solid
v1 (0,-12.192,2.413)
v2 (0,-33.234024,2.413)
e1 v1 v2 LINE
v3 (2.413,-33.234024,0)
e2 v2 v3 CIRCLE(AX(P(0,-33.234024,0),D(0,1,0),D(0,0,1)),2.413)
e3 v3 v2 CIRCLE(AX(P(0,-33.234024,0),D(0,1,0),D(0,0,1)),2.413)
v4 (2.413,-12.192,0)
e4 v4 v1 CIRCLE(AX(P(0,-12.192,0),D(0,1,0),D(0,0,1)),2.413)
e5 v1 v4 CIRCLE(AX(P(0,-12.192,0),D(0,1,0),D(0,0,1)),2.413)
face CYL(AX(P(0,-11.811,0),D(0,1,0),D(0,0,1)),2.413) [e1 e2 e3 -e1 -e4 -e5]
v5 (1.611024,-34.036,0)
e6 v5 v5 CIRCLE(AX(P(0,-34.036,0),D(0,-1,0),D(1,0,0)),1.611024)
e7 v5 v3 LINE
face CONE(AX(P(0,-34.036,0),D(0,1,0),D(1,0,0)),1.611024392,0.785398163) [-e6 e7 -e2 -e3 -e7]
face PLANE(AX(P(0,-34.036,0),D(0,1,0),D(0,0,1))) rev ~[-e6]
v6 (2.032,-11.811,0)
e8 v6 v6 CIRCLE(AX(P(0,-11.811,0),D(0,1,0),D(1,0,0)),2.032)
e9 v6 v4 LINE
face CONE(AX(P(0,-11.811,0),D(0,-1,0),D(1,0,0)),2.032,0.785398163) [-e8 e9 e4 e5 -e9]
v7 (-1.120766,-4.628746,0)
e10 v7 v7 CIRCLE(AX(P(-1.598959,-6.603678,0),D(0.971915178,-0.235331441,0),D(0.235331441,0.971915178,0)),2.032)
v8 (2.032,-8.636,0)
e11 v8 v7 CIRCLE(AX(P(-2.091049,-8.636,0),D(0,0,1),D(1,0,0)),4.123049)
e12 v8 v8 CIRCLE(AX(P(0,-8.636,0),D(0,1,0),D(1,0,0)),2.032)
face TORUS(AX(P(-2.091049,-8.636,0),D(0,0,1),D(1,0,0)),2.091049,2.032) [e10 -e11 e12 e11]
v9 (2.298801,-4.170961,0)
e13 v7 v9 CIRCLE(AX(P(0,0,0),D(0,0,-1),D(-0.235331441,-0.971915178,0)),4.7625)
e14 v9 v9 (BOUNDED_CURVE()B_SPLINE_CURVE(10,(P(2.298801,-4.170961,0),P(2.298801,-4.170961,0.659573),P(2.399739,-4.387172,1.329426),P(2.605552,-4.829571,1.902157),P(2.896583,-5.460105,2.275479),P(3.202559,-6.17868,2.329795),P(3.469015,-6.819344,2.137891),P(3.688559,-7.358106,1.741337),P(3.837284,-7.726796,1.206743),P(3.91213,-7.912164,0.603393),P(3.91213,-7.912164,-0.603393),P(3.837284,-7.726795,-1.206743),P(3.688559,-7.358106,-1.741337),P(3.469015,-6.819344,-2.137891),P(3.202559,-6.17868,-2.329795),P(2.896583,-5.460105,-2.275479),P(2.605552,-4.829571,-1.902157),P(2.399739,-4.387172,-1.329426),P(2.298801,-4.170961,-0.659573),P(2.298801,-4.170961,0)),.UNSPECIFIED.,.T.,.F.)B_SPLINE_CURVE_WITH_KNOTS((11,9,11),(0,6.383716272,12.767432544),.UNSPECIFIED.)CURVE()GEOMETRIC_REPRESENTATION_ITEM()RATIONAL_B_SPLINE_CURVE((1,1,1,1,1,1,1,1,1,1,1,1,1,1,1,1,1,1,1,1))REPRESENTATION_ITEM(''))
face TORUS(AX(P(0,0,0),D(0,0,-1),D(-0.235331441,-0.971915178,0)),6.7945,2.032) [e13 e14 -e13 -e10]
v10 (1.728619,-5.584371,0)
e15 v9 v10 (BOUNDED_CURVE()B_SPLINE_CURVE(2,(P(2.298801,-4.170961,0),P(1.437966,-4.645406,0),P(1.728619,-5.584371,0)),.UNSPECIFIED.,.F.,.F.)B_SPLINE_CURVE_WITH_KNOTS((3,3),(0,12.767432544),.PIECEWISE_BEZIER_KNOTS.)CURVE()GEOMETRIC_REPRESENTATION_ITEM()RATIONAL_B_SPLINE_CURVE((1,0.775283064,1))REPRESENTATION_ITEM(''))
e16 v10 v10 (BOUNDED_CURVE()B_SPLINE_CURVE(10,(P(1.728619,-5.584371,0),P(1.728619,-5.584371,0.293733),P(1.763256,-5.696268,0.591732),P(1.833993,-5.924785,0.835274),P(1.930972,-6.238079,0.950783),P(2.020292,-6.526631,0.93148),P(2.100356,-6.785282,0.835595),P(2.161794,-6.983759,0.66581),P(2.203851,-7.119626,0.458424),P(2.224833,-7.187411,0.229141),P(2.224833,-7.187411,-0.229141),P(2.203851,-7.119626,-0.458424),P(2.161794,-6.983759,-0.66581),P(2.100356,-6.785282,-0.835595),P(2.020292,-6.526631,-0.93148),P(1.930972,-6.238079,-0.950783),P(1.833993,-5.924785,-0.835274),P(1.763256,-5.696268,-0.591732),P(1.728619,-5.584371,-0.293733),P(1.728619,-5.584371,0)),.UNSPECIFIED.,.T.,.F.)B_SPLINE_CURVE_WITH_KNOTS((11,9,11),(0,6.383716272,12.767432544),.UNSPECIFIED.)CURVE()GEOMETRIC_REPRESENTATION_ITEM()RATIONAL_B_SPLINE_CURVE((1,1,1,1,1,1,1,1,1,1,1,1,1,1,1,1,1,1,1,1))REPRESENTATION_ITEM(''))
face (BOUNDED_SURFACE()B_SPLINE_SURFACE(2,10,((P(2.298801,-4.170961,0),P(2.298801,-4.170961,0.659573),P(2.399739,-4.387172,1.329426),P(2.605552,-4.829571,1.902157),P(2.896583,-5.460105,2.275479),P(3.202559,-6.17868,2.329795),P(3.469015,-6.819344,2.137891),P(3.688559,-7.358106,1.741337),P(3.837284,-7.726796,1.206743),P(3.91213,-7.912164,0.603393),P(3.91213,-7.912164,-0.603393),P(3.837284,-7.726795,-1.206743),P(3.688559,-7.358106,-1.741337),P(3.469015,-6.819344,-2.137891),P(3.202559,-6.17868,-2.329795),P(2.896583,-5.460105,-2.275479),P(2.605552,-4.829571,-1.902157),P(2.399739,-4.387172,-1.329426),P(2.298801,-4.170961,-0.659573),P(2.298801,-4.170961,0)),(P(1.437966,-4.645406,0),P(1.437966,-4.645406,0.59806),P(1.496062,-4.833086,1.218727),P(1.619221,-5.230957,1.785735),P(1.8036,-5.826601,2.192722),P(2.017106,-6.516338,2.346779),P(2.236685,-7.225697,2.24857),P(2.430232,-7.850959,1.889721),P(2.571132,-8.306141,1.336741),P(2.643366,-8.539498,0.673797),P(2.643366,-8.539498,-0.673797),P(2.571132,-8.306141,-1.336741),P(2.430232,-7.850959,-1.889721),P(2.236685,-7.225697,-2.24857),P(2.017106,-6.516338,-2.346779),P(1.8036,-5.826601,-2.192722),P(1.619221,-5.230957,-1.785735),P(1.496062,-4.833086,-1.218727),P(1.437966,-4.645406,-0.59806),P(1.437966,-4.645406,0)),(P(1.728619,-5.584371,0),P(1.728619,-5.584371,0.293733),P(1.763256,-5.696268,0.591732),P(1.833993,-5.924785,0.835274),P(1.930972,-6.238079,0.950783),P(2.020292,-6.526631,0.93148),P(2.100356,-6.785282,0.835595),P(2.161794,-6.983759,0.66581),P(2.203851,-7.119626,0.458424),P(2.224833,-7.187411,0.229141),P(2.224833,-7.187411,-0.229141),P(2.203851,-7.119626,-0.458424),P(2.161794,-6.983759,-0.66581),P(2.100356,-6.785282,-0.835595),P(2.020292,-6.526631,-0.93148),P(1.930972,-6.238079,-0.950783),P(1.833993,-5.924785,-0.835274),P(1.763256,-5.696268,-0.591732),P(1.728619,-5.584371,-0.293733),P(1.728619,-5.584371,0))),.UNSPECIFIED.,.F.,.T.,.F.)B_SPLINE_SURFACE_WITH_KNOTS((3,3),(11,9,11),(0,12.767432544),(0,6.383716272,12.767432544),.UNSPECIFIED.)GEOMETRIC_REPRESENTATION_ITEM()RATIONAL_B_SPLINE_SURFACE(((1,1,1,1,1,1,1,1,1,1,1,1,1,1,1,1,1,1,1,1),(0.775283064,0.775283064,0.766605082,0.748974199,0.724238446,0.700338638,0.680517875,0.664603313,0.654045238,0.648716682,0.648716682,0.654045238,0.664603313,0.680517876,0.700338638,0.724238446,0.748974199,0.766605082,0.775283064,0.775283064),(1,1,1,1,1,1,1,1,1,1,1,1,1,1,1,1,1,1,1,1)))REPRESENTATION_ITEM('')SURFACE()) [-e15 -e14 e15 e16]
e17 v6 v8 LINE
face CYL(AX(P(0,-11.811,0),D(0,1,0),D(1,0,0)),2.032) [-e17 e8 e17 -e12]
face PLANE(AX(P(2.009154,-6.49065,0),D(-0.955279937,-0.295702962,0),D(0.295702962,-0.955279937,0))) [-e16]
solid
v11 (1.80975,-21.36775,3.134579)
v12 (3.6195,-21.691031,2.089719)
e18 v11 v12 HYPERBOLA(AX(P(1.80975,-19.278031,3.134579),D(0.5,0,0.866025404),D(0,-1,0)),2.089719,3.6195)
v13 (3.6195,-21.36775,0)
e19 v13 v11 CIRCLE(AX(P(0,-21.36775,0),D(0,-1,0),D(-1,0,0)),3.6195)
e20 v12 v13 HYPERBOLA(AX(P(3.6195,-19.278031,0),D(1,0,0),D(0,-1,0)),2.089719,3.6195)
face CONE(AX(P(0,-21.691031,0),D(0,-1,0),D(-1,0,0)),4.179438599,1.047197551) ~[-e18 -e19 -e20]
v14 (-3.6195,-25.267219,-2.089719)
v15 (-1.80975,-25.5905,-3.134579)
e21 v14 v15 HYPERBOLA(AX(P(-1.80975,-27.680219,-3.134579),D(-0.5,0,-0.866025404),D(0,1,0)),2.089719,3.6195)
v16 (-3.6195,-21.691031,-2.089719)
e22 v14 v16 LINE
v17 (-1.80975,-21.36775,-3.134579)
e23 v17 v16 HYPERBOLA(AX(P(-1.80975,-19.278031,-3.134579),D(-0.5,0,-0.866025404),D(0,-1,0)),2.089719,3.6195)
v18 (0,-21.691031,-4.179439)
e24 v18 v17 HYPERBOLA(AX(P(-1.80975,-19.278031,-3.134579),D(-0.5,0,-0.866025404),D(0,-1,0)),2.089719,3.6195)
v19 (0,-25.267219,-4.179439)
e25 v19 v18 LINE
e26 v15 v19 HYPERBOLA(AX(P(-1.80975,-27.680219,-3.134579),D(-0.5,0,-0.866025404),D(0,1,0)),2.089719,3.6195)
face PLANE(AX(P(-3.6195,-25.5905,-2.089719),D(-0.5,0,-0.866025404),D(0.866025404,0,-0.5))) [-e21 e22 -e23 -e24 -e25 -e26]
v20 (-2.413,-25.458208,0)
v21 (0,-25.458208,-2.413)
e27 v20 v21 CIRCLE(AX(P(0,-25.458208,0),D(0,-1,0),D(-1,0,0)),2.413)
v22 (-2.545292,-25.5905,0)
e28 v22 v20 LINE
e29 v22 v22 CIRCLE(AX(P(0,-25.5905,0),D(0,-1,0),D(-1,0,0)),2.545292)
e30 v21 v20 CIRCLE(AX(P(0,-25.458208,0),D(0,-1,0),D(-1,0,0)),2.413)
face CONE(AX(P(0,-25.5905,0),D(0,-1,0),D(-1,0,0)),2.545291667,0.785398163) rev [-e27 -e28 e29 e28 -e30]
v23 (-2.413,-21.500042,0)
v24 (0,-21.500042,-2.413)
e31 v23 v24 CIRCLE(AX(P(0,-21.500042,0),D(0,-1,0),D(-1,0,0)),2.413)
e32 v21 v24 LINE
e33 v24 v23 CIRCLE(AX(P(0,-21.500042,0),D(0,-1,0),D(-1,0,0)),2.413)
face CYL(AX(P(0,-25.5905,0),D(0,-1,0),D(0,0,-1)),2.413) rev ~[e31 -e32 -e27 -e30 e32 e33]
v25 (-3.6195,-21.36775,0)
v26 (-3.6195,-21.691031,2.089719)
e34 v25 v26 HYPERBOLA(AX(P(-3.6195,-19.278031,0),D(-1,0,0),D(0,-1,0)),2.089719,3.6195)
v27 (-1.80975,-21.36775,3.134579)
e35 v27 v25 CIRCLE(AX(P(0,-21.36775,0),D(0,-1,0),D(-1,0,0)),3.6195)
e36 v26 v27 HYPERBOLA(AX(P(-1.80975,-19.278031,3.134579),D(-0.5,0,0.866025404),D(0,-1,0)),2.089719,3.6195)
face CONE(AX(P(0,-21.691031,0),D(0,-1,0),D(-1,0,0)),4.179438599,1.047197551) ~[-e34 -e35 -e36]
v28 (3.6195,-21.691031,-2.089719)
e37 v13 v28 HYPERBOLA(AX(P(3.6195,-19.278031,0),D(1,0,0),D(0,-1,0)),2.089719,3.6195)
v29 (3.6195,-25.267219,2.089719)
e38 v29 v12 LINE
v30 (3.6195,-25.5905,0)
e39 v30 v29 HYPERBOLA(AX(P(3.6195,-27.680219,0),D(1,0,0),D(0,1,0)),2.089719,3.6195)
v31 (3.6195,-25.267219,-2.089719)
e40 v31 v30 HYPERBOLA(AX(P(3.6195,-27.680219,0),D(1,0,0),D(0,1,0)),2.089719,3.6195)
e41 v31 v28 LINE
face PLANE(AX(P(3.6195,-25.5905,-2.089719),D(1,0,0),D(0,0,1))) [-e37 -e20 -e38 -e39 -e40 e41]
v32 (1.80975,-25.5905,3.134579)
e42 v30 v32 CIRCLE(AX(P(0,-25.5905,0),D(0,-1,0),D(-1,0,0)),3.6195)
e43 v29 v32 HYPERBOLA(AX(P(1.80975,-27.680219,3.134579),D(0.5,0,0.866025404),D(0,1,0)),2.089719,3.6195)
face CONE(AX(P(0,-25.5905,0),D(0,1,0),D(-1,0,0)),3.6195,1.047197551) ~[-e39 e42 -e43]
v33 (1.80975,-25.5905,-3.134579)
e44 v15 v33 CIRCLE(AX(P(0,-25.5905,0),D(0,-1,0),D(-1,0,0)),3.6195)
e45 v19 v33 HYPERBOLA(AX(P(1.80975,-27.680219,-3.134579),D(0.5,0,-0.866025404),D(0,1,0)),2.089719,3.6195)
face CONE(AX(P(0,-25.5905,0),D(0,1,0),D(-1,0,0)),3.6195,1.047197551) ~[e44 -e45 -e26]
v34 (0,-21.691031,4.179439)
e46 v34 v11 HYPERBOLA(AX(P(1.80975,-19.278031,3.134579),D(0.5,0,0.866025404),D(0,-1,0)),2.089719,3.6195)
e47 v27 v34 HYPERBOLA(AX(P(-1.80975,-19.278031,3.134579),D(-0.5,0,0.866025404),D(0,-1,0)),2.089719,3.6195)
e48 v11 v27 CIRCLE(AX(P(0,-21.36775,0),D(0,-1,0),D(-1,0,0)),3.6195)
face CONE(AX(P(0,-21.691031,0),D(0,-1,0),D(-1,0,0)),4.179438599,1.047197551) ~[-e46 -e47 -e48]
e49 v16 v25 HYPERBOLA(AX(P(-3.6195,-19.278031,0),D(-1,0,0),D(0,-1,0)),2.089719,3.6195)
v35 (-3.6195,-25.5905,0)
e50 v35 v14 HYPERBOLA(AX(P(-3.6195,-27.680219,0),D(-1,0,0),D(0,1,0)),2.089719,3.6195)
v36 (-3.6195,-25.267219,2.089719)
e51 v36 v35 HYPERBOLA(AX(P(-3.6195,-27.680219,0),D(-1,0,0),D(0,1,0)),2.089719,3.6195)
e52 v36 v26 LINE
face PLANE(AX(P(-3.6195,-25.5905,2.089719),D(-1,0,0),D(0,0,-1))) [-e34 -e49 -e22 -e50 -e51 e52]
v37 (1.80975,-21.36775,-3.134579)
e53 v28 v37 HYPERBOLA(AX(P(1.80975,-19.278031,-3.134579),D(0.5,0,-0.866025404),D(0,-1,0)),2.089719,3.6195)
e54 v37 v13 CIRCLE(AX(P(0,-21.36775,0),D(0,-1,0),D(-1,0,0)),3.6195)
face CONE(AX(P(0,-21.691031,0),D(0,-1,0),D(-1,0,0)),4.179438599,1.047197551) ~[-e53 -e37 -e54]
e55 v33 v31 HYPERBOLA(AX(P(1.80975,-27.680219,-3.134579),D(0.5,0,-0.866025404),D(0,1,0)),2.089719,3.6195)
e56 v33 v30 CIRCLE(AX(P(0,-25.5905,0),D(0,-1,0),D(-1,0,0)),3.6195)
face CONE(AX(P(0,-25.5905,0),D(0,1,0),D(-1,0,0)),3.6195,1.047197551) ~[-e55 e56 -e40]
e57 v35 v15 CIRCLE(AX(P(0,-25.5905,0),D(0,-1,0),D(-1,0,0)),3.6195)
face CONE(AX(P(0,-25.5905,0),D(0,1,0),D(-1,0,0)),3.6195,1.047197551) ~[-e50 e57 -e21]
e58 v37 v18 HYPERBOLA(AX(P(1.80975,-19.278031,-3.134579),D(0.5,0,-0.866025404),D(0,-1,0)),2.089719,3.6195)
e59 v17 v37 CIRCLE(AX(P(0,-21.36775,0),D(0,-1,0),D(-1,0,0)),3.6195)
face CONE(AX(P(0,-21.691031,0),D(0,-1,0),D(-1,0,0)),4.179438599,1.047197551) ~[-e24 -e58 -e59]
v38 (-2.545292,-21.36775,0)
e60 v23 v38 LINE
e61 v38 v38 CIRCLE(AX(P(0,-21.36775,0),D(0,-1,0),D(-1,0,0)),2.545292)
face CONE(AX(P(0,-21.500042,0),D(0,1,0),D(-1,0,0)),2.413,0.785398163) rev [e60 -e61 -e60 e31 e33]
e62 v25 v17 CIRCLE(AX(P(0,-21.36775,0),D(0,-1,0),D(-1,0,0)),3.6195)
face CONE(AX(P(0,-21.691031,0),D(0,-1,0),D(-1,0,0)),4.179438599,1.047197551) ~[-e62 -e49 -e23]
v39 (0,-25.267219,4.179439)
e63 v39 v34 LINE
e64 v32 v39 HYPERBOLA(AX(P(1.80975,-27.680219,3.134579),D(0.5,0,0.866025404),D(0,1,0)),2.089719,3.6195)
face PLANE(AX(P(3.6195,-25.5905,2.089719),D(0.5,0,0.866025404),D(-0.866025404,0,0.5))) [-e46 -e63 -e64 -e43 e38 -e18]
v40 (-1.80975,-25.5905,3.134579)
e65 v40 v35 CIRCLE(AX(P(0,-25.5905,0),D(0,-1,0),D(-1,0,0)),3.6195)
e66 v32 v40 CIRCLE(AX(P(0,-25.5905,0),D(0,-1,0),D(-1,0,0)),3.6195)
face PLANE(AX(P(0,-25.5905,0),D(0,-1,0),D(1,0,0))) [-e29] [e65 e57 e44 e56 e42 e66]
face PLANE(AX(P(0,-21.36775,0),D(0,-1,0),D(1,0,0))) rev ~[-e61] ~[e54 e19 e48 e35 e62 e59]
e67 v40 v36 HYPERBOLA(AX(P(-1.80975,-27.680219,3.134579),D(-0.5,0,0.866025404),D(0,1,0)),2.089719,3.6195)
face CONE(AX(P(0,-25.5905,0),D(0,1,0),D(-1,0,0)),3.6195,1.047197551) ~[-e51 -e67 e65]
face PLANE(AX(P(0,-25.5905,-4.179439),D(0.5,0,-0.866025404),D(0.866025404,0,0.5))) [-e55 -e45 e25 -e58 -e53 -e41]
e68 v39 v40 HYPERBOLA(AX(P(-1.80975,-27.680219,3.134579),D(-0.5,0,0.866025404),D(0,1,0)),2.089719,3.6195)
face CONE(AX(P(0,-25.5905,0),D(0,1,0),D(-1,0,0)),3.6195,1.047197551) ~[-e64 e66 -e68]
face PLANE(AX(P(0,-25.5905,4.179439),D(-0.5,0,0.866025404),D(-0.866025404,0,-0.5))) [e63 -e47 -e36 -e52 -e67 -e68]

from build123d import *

# Parameters (mm, degrees)
BOSS_EXTRUDE1_START = -11.811
SKETCH2_R           = 2.413
BOSS_EXTRUDE1_DEPTH = 22.225
SKETCH5_OUTSIDE_W   = 55.926
SKETCH5_OUTSIDE_H   = 55.926
SKETCH5_OUTSIDE_R   = 1.611024392
CUT_EXTRUDE1_DEPTH  = 22.225
CUT_EXTRUDE1_DRAFT  = -45
SKETCH6_OUTSIDE_W   = 55.926
SKETCH6_OUTSIDE_H   = 55.926
SKETCH6_OUTSIDE_R   = 2.032
CUT_EXTRUDE2_DEPTH  = 22.225
CUT_EXTRUDE2_DRAFT  = -45
SKETCH7_R           = 2.032
FILLET1_R           = 1.2065
BOSS_EXTRUDE2_START = -8.4455
SKETCH9_R           = 2.413
BOSS_EXTRUDE2_DEPTH = 4.22275


with BuildPart() as part:
    # Sketch2 → Boss-Extrude1 (new body)
    with BuildSketch(Plane(origin=(0, 0, 0), x_dir=(1, 0, 0), z_dir=(0, 1, 0)).offset(BOSS_EXTRUDE1_START)):
        with Locations(Location((0, 0, 0), (0, 0, 270))):
            Circle(SKETCH2_R)
    extrude(amount=-BOSS_EXTRUDE1_DEPTH)


with BuildPart() as cut_extrude1_tool:
    # Sketch5 outside → Cut-Extrude1 (with draft: the straight prism first)
    with BuildSketch(Plane.XZ.offset(34.036)):
        Rectangle(SKETCH5_OUTSIDE_W, SKETCH5_OUTSIDE_H)
        Circle(SKETCH5_OUTSIDE_R, mode=Mode.SUBTRACT)
    extrude(amount=-CUT_EXTRUDE1_DEPTH)
    # Cut-Extrude1: the draft: its side faces are tilted about the plane it starts from
    cut_extrude1_sides = [cut_extrude1_tool.faces().sort_by_distance(p)[0] for p in [
        (0, -22.9235, -27.963),
        (27.963, -22.9235, 0),
        (0, -22.9235, 27.963),
        (-27.963, -22.9235, 0),
        (-1.611024392, -22.9235, 0),
    ]]
    draft(cut_extrude1_sides, Plane.XZ.offset(34.036), CUT_EXTRUDE1_DRAFT)


with BuildPart() as part_1:
    add(part.part)

    # Cut-Extrude1: cut by cut_extrude1_tool
    add(cut_extrude1_tool.part, mode=Mode.SUBTRACT)


with BuildPart() as cut_extrude2_tool:
    # Sketch6 outside → Cut-Extrude2 (with draft: the straight prism first)
    with BuildSketch(Plane(origin=(0, -11.811, 0), x_dir=(1, 0, 0), z_dir=(0, 1, 0))):
        Rectangle(SKETCH6_OUTSIDE_W, SKETCH6_OUTSIDE_H)
        Circle(SKETCH6_OUTSIDE_R, mode=Mode.SUBTRACT)
    extrude(amount=-CUT_EXTRUDE2_DEPTH)
    # Cut-Extrude2: the draft: its side faces are tilted about the plane it starts from
    cut_extrude2_sides = [cut_extrude2_tool.faces().sort_by_distance(p)[0] for p in [
        (0, -22.9235, 27.963),
        (27.963, -22.9235, 0),
        (0, -22.9235, -27.963),
        (-27.963, -22.9235, 0),
        (-2.032, -22.9235, 0),
    ]]
    draft(cut_extrude2_sides, Plane(origin=(0, -11.811, 0), x_dir=(1, 0, 0), z_dir=(0, 1, 0)), CUT_EXTRUDE2_DRAFT)


with BuildPart() as part_2:
    add(part_1.part)

    # Cut-Extrude2: cut by cut_extrude2_tool
    add(cut_extrude2_tool.part, mode=Mode.SUBTRACT)

    # Sweep1: sweep along a path in Sketch8
    with BuildLine(Plane.XY) as sweep1_path:
        Line((0, -11.811), (0, -8.636))
        ThreePointArc((0, -8.636), (-0.447657805, -7.343037758), (-1.598959476, -6.603677676))
        ThreePointArc((-1.598959476, -6.603677676), (-0.212740878, 6.791168645), (2.009153775, -6.490649533))
    # Sketch7 → Sweep1 (sweep)
    with BuildSketch(Plane(origin=(0, -11.811, 0), x_dir=(1, 0, 0), z_dir=(0, 1, 0))):
        Circle(SKETCH7_R)
    sweep(path=sweep1_path.line)

    # Fillet1
    fillet1_edges = [part_2.edges().sort_by_distance(p)[0] for p in [
        (2.610022194, -8.431778365, 0),
    ]]
    fillet(fillet1_edges, radius=FILLET1_R)


with BuildPart() as body_2:
    # Sketch9 → Boss-Extrude2 (new body)
    with BuildSketch(Plane.XZ.offset(34.036).offset(BOSS_EXTRUDE2_START)):
        Polygon((0, 4.179438599), (-3.6195, 2.089719299), (-3.6195, -2.089719299), (0, -4.179438599), (3.6195, -2.089719299), (3.6195, 2.089719299), align=None)
        with Locations(Location((0, 0, 0), (0, 0, 270))):
            Circle(SKETCH9_R, mode=Mode.SUBTRACT)
    extrude(amount=-BOSS_EXTRUDE2_DEPTH)

    # Sketch10 → Cut-Revolve1 (revolve, cut)
    with BuildSketch(Plane(origin=(0, 0, 0), x_dir=(0, 0, -1), z_dir=(1, 0, 0)), mode=Mode.PRIVATE) as cut_revolve1_sk:
        Polygon((-3.6195, -21.36775), (-4.739377197, -21.36775), (-4.739377197, -25.5905), (-3.6195, -25.5905), (-4.179438599, -25.267219299), (-4.179438599, -21.691030701), align=None)
        Polygon((-2.280708333, -21.36775), (-2.280708333, -25.5905), (-2.545291667, -25.5905), (-2.413, -25.458208333), (-2.413, -21.500041667), (-2.545291667, -21.36775), align=None)
    revolve(cut_revolve1_sk.sketch.rotate(Axis((0, -8.636, 0), (0, -1, 0)), 90), axis=Axis((0, -8.636, 0), (0, -1, 0)), mode=Mode.SUBTRACT)


solid = Compound([part_2.part, body_2.part])
